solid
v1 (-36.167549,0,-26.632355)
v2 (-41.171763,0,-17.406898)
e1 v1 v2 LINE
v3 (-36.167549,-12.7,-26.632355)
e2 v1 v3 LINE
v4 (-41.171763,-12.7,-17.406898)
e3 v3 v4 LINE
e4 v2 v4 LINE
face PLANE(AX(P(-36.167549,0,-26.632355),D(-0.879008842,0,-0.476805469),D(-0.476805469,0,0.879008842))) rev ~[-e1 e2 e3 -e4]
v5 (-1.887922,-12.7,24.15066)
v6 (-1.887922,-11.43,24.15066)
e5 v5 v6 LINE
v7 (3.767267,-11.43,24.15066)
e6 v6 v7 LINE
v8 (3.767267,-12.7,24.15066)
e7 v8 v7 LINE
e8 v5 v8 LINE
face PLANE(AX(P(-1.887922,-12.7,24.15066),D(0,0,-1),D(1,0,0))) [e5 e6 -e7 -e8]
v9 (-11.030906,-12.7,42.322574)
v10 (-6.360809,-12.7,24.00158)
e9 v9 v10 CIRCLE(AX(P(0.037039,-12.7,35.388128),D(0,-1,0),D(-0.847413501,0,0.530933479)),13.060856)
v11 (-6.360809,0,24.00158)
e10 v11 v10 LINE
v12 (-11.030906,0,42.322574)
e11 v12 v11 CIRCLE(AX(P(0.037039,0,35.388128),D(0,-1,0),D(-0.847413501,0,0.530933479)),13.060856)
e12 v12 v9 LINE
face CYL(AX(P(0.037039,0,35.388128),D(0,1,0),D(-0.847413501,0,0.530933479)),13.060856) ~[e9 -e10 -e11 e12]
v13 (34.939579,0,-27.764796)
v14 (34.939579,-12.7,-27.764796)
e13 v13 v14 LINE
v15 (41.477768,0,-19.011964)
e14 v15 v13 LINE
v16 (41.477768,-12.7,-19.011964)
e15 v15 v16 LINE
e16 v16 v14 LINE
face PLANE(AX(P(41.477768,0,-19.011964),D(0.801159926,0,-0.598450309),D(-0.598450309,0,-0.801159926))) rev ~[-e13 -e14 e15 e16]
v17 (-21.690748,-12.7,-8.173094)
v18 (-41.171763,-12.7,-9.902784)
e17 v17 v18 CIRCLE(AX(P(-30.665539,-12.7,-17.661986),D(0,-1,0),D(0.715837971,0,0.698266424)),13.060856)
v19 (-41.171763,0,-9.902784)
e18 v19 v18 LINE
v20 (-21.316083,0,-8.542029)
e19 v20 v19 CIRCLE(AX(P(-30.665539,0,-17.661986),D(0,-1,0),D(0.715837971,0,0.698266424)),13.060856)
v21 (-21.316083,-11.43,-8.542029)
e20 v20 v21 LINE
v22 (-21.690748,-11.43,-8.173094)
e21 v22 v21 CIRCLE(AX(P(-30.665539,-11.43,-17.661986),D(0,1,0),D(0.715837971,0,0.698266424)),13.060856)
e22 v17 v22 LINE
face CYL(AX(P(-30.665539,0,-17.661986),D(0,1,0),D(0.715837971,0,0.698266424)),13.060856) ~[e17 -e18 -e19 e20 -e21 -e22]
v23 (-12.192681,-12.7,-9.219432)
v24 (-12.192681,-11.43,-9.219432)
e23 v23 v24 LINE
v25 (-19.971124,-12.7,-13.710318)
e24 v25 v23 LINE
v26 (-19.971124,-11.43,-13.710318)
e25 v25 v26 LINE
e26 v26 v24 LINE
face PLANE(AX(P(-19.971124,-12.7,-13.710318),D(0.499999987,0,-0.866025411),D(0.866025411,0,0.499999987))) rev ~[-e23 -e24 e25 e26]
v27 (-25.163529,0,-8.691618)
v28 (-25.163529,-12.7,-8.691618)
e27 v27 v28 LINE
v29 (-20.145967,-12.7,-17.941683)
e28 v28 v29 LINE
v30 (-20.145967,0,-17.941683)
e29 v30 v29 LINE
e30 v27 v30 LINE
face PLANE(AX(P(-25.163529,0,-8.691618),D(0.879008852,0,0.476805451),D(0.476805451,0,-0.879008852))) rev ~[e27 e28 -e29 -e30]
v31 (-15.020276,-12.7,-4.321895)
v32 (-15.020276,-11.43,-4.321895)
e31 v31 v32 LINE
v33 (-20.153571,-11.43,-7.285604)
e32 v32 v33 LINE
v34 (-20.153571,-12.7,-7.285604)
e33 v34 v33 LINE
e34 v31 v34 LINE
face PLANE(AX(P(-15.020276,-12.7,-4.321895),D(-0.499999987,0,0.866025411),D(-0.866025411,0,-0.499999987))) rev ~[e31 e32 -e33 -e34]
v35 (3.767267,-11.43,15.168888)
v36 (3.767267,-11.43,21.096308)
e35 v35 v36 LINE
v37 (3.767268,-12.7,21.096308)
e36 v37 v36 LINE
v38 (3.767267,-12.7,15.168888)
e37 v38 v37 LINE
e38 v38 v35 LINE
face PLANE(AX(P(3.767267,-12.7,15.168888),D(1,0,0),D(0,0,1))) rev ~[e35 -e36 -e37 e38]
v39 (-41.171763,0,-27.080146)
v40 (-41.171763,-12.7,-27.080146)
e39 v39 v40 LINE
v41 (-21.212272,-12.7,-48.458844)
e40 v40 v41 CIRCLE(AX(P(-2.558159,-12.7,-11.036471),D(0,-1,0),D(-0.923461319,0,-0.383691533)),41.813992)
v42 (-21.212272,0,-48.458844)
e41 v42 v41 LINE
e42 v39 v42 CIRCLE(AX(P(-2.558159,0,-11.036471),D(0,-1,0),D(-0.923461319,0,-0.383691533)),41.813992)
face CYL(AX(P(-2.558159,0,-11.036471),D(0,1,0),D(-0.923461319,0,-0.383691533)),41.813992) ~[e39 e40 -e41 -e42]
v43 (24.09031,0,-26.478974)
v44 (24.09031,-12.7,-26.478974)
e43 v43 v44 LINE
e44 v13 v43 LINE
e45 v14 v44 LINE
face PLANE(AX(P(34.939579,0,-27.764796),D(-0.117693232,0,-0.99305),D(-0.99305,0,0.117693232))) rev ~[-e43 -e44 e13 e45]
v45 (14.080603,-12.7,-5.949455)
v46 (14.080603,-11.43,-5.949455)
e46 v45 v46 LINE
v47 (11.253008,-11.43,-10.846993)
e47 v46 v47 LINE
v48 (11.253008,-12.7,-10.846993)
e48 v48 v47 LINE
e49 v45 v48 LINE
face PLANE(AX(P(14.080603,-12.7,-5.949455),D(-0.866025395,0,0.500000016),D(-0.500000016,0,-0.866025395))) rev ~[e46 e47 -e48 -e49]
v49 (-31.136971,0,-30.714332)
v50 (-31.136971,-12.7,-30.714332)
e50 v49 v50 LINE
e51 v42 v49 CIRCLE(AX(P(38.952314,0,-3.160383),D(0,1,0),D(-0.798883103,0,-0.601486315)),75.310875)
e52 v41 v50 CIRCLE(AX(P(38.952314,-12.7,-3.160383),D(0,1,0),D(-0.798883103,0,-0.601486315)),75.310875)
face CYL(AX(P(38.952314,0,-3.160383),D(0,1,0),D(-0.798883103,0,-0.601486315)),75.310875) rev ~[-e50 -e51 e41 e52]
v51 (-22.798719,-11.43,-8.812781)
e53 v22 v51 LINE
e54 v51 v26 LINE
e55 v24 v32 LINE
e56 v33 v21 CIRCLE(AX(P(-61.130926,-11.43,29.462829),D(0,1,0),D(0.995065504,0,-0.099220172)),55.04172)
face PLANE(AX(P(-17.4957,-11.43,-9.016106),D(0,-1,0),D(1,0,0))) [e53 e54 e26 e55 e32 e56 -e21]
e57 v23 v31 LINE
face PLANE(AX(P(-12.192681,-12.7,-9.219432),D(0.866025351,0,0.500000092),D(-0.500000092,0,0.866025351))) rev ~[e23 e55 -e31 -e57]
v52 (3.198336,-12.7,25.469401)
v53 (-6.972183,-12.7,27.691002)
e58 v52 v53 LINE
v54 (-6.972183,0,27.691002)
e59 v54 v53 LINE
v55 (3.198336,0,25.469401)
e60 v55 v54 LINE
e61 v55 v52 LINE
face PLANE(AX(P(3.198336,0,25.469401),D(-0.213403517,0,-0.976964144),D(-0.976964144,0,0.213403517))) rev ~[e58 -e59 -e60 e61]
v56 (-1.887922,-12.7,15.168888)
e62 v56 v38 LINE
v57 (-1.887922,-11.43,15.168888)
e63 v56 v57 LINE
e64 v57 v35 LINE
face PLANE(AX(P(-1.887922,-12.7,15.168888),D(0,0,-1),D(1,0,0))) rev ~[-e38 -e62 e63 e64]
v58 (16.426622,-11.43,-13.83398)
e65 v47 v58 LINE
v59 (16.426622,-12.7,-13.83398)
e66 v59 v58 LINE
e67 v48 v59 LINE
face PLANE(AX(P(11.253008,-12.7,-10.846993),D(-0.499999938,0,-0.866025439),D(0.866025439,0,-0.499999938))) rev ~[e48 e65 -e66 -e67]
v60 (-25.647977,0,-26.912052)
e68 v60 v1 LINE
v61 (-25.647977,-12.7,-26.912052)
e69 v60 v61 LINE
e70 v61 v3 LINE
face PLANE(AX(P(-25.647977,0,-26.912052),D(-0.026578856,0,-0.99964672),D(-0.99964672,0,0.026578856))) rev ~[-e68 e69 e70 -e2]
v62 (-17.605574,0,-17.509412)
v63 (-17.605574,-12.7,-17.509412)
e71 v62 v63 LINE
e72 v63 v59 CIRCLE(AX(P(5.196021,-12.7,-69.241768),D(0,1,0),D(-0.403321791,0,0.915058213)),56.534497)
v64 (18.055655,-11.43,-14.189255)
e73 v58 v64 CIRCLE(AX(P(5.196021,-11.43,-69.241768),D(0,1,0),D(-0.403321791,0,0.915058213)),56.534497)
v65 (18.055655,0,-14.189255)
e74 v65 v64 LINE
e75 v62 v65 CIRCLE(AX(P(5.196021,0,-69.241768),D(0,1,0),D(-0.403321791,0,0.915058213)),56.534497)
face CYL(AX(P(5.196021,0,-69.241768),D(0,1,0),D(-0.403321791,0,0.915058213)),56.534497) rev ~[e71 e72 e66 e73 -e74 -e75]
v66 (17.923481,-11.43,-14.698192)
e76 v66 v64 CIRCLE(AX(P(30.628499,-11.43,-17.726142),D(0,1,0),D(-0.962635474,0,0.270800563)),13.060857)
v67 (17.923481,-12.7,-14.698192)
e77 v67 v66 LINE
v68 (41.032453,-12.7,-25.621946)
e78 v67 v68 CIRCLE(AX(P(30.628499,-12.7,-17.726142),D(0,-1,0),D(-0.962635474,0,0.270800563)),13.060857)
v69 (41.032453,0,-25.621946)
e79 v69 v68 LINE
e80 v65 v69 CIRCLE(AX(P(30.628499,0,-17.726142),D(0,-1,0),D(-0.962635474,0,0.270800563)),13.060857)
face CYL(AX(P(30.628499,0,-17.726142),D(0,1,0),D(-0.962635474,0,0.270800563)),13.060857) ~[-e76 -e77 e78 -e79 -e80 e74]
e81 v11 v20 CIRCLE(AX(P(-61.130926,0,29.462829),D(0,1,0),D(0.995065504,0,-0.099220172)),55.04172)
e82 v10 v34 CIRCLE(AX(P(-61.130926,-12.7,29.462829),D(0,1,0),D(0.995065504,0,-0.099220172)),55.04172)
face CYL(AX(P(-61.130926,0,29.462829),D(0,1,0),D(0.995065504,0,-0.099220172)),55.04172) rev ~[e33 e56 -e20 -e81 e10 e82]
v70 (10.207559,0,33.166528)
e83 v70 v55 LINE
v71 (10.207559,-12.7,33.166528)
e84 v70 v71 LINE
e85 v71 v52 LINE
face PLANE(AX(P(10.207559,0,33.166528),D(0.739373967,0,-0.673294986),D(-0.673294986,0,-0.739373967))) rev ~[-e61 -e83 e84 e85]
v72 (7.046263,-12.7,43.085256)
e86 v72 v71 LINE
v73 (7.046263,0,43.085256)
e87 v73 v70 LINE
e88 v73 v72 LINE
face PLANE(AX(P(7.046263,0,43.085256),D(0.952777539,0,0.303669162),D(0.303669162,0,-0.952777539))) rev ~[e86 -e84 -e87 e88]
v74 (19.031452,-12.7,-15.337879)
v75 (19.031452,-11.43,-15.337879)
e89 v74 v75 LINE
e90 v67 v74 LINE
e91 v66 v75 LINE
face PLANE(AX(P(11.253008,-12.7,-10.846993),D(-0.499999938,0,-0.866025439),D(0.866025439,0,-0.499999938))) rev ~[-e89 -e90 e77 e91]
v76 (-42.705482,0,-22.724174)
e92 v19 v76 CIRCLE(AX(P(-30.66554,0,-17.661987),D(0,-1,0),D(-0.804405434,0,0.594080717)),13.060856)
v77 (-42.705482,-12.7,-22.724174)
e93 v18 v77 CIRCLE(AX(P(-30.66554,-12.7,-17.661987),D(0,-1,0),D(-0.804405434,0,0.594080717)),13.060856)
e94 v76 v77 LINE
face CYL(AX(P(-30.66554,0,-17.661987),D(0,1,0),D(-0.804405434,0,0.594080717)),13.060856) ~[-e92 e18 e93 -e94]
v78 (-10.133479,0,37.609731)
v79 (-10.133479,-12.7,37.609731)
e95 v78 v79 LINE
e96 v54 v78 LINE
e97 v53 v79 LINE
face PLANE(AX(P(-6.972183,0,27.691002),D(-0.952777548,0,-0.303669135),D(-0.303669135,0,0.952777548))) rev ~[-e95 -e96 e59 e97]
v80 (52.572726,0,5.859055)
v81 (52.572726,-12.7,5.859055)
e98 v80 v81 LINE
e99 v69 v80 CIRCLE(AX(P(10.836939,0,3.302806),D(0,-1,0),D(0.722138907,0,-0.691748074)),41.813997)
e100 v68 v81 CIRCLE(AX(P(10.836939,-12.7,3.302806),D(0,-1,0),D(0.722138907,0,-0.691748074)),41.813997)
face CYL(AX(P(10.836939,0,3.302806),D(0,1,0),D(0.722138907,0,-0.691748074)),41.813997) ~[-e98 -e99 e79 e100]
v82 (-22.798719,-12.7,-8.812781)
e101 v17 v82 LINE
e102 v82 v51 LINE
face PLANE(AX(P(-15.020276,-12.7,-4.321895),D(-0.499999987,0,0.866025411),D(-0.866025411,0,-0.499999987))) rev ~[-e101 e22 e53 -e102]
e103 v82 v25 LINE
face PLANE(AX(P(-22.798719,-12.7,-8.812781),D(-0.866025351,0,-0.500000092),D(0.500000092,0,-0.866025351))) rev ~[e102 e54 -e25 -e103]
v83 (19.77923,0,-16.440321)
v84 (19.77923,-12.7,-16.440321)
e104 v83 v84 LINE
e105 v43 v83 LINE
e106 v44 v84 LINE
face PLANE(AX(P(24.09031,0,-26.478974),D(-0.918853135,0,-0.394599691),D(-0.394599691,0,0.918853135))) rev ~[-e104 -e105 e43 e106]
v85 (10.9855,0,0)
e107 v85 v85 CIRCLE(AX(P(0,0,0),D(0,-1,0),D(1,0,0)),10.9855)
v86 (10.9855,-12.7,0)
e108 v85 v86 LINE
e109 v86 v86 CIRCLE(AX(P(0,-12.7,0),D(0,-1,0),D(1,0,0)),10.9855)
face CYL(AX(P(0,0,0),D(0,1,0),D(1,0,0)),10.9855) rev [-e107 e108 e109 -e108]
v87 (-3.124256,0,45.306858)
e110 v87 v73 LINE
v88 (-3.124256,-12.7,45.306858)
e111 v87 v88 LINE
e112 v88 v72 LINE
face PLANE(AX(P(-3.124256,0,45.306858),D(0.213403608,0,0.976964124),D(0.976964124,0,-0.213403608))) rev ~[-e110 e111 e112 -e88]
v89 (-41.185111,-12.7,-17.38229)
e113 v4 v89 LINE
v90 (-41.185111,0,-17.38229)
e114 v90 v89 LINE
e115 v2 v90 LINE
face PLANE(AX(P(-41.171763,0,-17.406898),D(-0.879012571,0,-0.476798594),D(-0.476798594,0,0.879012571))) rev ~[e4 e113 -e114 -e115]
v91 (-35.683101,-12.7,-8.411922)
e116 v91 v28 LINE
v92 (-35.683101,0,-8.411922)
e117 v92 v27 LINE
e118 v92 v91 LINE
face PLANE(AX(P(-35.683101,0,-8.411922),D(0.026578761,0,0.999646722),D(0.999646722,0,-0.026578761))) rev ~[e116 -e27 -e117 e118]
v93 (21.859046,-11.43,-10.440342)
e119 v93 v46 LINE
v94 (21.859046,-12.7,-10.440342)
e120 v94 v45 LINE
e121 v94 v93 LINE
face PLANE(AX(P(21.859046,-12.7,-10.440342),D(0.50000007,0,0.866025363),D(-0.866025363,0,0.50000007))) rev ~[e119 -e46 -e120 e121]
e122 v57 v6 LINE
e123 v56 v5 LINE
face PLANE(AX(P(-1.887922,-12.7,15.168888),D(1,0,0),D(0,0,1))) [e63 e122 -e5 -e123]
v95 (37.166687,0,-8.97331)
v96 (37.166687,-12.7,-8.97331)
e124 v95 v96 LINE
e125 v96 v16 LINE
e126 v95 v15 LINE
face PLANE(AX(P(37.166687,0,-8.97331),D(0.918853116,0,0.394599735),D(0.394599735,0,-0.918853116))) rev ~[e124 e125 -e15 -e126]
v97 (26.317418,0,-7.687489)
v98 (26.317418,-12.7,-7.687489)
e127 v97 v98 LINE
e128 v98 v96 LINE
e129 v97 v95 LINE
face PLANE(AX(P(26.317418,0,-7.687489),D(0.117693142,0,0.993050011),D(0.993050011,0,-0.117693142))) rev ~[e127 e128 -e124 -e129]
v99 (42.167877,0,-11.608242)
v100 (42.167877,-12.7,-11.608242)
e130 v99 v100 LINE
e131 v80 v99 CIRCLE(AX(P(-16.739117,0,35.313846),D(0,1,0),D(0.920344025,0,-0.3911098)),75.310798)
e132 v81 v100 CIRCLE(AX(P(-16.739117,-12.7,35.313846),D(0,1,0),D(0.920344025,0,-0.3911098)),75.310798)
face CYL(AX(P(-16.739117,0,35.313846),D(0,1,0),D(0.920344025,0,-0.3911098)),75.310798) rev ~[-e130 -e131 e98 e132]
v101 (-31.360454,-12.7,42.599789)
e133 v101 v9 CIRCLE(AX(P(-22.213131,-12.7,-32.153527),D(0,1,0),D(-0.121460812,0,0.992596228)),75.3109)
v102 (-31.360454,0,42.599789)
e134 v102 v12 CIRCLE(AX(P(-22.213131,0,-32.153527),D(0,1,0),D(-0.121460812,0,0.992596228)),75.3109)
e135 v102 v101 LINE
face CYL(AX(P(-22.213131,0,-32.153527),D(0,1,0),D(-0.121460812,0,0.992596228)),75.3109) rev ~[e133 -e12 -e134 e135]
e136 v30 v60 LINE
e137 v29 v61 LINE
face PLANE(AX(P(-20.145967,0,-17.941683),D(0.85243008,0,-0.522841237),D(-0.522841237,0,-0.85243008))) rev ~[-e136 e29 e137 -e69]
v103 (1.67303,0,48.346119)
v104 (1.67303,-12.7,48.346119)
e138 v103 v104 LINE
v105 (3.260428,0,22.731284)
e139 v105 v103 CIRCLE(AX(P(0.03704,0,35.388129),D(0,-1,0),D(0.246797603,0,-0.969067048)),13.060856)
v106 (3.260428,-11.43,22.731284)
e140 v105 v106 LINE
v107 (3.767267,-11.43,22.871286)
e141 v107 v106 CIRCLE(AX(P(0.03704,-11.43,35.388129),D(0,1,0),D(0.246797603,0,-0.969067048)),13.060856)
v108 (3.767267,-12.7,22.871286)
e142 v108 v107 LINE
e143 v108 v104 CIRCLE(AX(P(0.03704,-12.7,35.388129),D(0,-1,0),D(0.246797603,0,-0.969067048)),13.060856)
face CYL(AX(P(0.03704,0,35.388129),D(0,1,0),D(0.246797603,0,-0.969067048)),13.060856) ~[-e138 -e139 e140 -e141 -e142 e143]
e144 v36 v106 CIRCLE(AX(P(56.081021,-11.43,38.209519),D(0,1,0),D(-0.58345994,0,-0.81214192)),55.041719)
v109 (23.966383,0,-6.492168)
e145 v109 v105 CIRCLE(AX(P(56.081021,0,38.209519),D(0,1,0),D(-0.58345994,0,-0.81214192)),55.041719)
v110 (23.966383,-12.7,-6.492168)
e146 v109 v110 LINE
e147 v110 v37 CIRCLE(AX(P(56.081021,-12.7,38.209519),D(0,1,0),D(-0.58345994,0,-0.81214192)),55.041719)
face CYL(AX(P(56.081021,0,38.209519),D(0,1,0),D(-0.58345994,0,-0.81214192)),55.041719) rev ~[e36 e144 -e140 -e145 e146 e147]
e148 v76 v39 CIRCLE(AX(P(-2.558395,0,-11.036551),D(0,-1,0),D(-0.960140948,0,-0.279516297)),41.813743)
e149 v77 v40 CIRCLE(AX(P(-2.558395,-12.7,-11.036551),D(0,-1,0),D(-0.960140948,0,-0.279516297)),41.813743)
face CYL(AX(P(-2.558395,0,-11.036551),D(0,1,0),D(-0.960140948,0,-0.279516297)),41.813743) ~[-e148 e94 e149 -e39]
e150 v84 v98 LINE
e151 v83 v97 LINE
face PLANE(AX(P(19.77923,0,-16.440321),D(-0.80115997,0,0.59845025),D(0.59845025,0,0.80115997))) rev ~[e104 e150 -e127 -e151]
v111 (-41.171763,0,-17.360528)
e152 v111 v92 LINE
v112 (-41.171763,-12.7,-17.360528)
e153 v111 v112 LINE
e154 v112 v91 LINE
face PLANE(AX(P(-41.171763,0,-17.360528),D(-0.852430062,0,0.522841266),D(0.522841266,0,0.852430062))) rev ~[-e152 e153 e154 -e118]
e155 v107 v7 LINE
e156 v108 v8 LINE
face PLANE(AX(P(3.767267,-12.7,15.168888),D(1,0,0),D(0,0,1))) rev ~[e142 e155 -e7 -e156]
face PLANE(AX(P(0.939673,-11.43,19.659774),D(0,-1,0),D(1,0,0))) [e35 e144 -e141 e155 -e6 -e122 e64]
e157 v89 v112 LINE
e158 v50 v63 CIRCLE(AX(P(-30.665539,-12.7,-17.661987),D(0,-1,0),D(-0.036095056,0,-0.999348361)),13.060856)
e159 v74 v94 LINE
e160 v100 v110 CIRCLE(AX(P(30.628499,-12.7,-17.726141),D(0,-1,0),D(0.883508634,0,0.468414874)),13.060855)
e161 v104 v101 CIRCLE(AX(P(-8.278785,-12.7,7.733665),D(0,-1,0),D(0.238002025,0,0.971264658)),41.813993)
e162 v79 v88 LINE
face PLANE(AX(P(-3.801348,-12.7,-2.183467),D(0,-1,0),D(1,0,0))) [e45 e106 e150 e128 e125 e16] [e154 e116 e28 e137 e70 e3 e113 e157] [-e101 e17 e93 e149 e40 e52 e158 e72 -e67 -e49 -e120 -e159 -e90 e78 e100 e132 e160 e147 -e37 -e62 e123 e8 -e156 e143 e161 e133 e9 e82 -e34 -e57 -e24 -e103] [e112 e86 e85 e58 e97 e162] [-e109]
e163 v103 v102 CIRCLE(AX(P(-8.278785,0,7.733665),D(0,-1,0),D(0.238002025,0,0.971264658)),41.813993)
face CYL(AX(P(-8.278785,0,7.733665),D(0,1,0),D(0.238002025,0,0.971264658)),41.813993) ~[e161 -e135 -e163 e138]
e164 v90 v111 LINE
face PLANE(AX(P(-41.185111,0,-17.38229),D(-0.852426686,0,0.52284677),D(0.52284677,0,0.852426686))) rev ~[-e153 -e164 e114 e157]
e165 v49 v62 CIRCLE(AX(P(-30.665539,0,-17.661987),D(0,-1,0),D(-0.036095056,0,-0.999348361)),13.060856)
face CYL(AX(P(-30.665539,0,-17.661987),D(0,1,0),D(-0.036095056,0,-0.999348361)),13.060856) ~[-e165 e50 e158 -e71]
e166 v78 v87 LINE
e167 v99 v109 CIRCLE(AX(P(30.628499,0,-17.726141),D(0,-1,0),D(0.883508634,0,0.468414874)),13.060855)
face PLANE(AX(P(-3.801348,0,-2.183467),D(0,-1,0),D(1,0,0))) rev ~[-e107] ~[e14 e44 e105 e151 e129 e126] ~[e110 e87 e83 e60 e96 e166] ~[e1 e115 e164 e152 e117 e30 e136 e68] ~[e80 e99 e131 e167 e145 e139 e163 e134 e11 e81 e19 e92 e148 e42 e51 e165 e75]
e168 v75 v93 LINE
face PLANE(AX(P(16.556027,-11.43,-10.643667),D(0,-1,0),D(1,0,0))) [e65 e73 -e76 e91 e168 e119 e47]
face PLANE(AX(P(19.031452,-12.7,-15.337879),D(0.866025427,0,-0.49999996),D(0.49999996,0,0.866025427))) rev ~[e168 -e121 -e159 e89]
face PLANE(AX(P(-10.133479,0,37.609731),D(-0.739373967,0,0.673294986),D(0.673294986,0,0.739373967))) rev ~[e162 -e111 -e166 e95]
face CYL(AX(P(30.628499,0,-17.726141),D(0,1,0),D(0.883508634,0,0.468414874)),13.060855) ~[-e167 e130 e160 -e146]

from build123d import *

# Parameters (mm, degrees)
F0_R     = 10.9855
F1_DEPTH = 12.7
F2_W     = 5.655189
F2_H     = 8.981772
F3_DEPTH = 1.27


with BuildPart() as f1:
    # F0 (on Front) → F1 (new body)
    with BuildSketch(Plane.XZ):
        with BuildLine():
            ThreePointArc((-6.360809, 24.00158), (-11.117425, 6.479342), (-21.316083, -8.542029))
            ThreePointArc((-21.316083, -8.542029), (-31.558535, -4.631694), (-41.171763, -9.902784))
            Line((-41.171763, -9.902784), (-41.171763, -17.360528))
            Line((-41.171763, -17.360528), (-35.683101, -8.411922))
            Line((-35.683101, -8.411922), (-25.163529, -8.691618))
            Line((-25.163529, -8.691618), (-20.145967, -17.941683))
            Line((-20.145967, -17.941683), (-25.647977, -26.912052))
            Line((-25.647977, -26.912052), (-36.167549, -26.632355))
            Line((-36.167549, -26.632355), (-41.171763, -17.406898))
            Line((-41.171763, -17.406898), (-41.171763, -27.080146))
            ThreePointArc((-41.171763, -27.080146), (-33.122191, -39.571535), (-21.212272, -48.458844))
            ThreePointArc((-21.212272, -48.458844), (-26.776178, -39.923045), (-31.136971, -30.714332))
            ThreePointArc((-31.136971, -30.714332), (-21.543573, -27.009484), (-17.605574, -17.509412))
            ThreePointArc((-17.605574, -17.509412), (-0.044829, -12.950713), (18.055655, -14.189255))
            ThreePointArc((18.055655, -14.189255), (24.810198, -29.419446), (41.032453, -25.621946))
            ThreePointArc((41.032453, -25.621946), (50.096223, -11.088822), (52.572726, 5.859055))
            ThreePointArc((52.572726, 5.859055), (47.962461, -3.227328), (42.167877, -11.608242))
            ThreePointArc((42.167877, -11.608242), (34.162685, -5.152539), (23.966383, -6.492168))
            ThreePointArc((23.966383, -6.492168), (11.169988, 6.388301), (3.260428, 22.731284))
            ThreePointArc((3.260428, 22.731284), (13.072888, 36.195984), (1.67303, 48.346119))
            ThreePointArc((1.67303, 48.346119), (-15.44491, 48.929013), (-31.360454, 42.599789))
            ThreePointArc((-31.360454, 42.599789), (-21.186282, 43.150373), (-11.030906, 42.322574))
            ThreePointArc((-11.030906, 42.322574), (-12.619113, 32.162023), (-6.360809, 24.00158))
        make_face()
        Circle(F0_R, mode=Mode.SUBTRACT)
        Polygon((37.166687, -8.97331), (41.477768, -19.011964), (34.939579, -27.764796), (24.09031, -26.478974), (19.77923, -16.440321), (26.317418, -7.687489), align=None, mode=Mode.SUBTRACT)
        Polygon((7.046263, 43.085256), (10.207559, 33.166528), (3.198336, 25.469401), (-6.972183, 27.691002), (-10.133479, 37.609731), (-3.124256, 45.306858), align=None, mode=Mode.SUBTRACT)
        with BuildLine():
            Line((-41.171763, -17.360528), (-41.171763, -9.902784))
            ThreePointArc((-41.171763, -9.902784), (-43.63394, -16.110682), (-42.705482, -22.724174))
            ThreePointArc((-42.705482, -22.724174), (-41.998805, -24.92335), (-41.171763, -27.080146))
            Line((-41.171763, -27.080146), (-41.171763, -17.406898))
            Line((-41.171763, -17.406898), (-41.185111, -17.38229))
            Line((-41.185111, -17.38229), (-41.171763, -17.360528))
        make_face()
    extrude(amount=F1_DEPTH)

    # F2 (on face) → F3 (cut)
    with BuildSketch(Plane.XZ.offset(12.7)):
        with Locations((0.939673, 19.659774)):
            Rectangle(F2_W, F2_H)
        Polygon((-22.798719, -8.812781), (-19.971124, -13.710318), (-12.192681, -9.219432), (-15.020276, -4.321895), align=None)
        Polygon((19.031452, -15.337879), (21.859046, -10.440342), (14.080603, -5.949455), (11.253008, -10.846993), align=None)
    extrude(amount=-F3_DEPTH, mode=Mode.SUBTRACT)


solid = f1.part
